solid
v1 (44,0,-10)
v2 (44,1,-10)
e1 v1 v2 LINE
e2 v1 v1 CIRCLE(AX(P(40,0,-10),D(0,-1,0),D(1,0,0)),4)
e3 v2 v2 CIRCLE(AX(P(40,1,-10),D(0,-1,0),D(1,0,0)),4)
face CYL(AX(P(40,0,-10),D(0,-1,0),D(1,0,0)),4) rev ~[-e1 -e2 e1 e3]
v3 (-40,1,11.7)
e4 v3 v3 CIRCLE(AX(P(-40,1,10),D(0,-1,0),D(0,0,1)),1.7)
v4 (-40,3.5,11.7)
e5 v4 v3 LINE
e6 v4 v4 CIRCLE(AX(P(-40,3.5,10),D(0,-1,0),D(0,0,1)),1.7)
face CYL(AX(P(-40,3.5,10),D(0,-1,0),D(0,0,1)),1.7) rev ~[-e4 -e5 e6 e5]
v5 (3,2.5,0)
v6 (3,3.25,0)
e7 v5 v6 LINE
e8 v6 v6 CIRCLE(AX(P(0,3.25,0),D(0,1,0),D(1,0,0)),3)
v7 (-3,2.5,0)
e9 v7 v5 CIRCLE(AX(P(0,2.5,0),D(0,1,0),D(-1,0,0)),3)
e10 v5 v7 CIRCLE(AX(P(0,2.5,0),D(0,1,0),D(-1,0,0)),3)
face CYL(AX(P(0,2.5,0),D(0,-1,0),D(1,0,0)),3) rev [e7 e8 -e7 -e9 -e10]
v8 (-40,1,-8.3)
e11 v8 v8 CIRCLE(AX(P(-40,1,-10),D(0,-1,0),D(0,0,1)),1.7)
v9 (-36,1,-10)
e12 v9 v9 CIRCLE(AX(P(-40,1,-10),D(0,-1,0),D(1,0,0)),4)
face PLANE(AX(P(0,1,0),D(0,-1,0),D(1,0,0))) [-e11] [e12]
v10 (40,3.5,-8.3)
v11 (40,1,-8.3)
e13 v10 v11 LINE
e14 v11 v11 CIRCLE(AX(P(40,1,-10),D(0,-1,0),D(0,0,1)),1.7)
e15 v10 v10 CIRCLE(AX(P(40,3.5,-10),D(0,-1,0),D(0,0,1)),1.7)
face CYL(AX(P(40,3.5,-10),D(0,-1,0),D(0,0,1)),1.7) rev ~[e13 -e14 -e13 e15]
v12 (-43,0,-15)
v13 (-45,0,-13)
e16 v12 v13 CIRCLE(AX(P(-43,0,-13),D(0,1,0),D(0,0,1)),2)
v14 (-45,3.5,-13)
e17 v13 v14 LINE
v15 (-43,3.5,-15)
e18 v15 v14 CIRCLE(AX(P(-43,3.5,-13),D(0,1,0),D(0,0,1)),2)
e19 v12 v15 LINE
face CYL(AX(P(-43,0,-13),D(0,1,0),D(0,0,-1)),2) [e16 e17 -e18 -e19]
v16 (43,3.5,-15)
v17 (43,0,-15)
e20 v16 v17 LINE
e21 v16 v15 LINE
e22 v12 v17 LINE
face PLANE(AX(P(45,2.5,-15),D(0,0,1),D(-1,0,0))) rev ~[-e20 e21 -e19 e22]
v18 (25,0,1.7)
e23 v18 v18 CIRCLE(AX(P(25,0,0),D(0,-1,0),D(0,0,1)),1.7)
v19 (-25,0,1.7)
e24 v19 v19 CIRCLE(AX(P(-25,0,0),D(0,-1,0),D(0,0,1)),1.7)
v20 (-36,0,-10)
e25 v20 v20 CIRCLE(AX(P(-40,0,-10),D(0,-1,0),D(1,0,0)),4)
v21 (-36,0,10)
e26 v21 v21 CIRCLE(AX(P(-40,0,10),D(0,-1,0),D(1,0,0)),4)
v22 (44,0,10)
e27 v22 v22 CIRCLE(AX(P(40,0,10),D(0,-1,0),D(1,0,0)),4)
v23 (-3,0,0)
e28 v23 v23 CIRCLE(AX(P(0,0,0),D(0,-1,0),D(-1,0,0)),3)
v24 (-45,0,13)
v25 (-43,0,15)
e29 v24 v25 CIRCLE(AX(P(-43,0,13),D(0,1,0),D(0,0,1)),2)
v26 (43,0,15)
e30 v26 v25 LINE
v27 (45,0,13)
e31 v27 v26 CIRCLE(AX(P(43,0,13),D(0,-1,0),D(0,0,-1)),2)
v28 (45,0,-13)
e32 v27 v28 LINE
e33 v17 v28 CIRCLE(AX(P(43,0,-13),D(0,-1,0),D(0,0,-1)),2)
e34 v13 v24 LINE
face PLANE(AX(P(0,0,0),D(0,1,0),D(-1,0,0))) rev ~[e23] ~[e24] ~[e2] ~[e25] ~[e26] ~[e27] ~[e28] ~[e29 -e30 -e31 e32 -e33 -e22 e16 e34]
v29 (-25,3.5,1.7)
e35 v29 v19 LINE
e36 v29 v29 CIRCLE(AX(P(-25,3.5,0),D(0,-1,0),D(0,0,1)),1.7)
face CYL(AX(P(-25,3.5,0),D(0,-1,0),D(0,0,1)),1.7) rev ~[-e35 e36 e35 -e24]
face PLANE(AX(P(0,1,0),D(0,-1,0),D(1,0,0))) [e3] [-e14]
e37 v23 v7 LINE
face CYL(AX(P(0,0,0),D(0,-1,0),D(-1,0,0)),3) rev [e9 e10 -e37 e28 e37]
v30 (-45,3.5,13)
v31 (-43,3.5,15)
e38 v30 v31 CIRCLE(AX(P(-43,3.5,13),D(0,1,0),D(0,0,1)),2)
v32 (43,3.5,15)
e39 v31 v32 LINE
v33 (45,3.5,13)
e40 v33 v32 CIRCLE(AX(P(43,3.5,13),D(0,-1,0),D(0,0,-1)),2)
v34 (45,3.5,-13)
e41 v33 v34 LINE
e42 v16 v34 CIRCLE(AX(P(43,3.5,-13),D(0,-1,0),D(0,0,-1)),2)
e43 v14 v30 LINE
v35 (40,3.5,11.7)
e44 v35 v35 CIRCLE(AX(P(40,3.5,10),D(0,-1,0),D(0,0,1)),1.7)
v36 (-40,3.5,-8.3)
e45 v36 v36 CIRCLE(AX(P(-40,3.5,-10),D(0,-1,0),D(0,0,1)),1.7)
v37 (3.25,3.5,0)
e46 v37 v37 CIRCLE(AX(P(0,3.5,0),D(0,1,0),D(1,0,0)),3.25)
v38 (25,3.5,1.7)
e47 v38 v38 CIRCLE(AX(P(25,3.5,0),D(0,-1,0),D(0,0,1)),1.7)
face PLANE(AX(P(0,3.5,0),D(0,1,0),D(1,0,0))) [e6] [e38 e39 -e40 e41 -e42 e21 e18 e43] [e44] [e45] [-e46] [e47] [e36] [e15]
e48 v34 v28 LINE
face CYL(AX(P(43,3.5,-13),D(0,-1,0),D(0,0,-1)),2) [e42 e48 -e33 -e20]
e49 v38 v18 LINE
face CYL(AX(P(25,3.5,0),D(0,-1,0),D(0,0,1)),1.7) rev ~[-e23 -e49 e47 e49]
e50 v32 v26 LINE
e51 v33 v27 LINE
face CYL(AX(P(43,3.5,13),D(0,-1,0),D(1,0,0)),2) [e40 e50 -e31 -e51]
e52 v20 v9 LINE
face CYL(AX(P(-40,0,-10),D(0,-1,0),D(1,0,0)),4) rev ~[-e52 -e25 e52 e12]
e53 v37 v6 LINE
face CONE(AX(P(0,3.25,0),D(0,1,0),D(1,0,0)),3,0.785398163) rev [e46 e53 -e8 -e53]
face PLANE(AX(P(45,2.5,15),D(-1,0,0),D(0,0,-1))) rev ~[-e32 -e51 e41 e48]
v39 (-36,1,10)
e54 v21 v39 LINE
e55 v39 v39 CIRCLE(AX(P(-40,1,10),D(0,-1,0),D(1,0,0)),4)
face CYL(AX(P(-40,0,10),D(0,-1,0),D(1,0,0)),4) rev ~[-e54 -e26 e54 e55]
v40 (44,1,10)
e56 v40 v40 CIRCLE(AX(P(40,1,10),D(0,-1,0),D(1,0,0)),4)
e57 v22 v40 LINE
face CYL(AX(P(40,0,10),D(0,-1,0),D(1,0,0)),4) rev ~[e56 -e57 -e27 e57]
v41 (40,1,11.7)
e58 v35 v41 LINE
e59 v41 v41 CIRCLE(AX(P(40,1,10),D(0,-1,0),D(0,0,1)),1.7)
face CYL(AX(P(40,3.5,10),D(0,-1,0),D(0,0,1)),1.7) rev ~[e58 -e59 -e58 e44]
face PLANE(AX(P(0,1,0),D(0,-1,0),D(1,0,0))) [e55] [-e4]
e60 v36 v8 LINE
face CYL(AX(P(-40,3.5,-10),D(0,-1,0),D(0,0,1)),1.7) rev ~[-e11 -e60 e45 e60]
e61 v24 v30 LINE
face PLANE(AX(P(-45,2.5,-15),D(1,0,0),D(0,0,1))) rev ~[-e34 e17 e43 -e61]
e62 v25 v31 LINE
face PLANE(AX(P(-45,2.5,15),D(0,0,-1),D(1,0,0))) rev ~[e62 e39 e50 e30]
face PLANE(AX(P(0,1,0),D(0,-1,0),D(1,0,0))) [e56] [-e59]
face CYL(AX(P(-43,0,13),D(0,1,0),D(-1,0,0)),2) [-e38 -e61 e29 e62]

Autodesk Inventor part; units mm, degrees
ref_plane "YZ Plane" through (0, 0, 0) normal (1, 0, 0) x (0, 1, 0)
ref_plane "XZ Plane" through (0, 0, 0) normal (0, 1, 0) x (-1, 0, 0)
ref_plane "XY Plane" through (0, 0, 0) normal (0, 0, 1) x (1, 0, 0)
sketch "Sketch1" plane through (0, 0, 0) normal (0, 1, 0) x (-1, 0, 0)
  circle A0 centre (0, 0) radius 8 construction
  circle A1 centre (0, 0) radius 3
  line L0 (45, 15) -> (-45, 15)
  line L1 (-45, 15) -> (-45, -15)
  line L2 (-45, -15) -> (45, -15)
  line L3 (45, -15) -> (45, 15)
  line L4 (0, -21) -> (0, 21) projected
  point P0 (0, 15)
  dimension "d0" = 16
  dimension "d3" = 6
  dimension "d4" = 90
  dimension "d5" = 30
  dimension "d6" = 15
extrude "Extrusion1" add sketch "Sketch1" along normal blind 2.5 contours A1 L4 L0 L3 L2 | A1 L4 L2 L1 L0
sketch "Sketch2" plane through (0, 2.5, 0) normal (0, 1, 0) x (1, 0, 0)
  line L0 (-45, 15) -> (-45, -15) projected
  line L1 (-45, -15) -> (45, -15) projected
  line L2 (45, -15) -> (45, 15) projected
  line L3 (45, 15) -> (-45, 15) projected
  circle A0 centre (0, 0) radius 3 projected
extrude "Extrusion2" add sketch "Sketch2" along normal blind 1
sketch "Sketch7" plane through (0, 0, 0) normal (0, -1, 0) x (1, 0, 0)
  circle A0 centre (-40, 10) radius 4
  line L0 (-45, 15) -> (45, 15) projected
  line L1 (-45, -15) -> (-45, 15) projected
  circle A1 centre (40, 10) radius 4
  circle A2 centre (-40, -10) radius 4
  circle A3 centre (40, -10) radius 4
  point P0 (0, 0)
  dimension "d34" = 8
  dimension "d35" = 5
  dimension "d36" = 5
  dimension "d39" = 80
  dimension "d42" = 20
extrude "Extrusion4" cut sketch "Sketch7" against normal blind 1
sketch "Sketch9" plane through (0, 3.5, 0) normal (0, 1, 0) x (1, 0, 0)
  circle A0 centre (-40, -10) radius 4 construction
  point P0 (0, 0)
hole "Hole2" at (-40, 3.5, 10) direction (0, -1, 0) diameter 3.4 end through all clearance for "Socket Head Cap Screw ISO 4762" size "M3" standard "ISO"
pattern_linear "Rectangular Pattern1" count 2 spacing 20 along (0, 0, -1) count 2 spacing 80 along (1, 0, 0) of "Hole2"
chamfer "Chamfer2" distance 0.25 angle 45 1 edges at (-3, 3.5, 0)
sketch "Sketch11" plane through (0, 3.5, 0) normal (0, 1, 0) x (1, 0, 0)
  line L0 (-25, 0) -> (25, 0) construction
  point P0 (0, 0)
  point P1 (0, 0)
  dimension "d73" = 50
hole "Hole3" at (-25, 3.5, 0) at (25, 3.5, 0) direction (0, -1, 0) diameter 3.4 end through all clearance for "Socket Head Cap Screw ISO 4762" size "M3" standard "ISO"
fillet "Fillet1" radius 2 4 edges at (-45, 1.75, 15) (45, 1.75, 15) (45, 1.75, -15) (-45, 1.75, -15)
properties part number "motor mount plate  for print"
